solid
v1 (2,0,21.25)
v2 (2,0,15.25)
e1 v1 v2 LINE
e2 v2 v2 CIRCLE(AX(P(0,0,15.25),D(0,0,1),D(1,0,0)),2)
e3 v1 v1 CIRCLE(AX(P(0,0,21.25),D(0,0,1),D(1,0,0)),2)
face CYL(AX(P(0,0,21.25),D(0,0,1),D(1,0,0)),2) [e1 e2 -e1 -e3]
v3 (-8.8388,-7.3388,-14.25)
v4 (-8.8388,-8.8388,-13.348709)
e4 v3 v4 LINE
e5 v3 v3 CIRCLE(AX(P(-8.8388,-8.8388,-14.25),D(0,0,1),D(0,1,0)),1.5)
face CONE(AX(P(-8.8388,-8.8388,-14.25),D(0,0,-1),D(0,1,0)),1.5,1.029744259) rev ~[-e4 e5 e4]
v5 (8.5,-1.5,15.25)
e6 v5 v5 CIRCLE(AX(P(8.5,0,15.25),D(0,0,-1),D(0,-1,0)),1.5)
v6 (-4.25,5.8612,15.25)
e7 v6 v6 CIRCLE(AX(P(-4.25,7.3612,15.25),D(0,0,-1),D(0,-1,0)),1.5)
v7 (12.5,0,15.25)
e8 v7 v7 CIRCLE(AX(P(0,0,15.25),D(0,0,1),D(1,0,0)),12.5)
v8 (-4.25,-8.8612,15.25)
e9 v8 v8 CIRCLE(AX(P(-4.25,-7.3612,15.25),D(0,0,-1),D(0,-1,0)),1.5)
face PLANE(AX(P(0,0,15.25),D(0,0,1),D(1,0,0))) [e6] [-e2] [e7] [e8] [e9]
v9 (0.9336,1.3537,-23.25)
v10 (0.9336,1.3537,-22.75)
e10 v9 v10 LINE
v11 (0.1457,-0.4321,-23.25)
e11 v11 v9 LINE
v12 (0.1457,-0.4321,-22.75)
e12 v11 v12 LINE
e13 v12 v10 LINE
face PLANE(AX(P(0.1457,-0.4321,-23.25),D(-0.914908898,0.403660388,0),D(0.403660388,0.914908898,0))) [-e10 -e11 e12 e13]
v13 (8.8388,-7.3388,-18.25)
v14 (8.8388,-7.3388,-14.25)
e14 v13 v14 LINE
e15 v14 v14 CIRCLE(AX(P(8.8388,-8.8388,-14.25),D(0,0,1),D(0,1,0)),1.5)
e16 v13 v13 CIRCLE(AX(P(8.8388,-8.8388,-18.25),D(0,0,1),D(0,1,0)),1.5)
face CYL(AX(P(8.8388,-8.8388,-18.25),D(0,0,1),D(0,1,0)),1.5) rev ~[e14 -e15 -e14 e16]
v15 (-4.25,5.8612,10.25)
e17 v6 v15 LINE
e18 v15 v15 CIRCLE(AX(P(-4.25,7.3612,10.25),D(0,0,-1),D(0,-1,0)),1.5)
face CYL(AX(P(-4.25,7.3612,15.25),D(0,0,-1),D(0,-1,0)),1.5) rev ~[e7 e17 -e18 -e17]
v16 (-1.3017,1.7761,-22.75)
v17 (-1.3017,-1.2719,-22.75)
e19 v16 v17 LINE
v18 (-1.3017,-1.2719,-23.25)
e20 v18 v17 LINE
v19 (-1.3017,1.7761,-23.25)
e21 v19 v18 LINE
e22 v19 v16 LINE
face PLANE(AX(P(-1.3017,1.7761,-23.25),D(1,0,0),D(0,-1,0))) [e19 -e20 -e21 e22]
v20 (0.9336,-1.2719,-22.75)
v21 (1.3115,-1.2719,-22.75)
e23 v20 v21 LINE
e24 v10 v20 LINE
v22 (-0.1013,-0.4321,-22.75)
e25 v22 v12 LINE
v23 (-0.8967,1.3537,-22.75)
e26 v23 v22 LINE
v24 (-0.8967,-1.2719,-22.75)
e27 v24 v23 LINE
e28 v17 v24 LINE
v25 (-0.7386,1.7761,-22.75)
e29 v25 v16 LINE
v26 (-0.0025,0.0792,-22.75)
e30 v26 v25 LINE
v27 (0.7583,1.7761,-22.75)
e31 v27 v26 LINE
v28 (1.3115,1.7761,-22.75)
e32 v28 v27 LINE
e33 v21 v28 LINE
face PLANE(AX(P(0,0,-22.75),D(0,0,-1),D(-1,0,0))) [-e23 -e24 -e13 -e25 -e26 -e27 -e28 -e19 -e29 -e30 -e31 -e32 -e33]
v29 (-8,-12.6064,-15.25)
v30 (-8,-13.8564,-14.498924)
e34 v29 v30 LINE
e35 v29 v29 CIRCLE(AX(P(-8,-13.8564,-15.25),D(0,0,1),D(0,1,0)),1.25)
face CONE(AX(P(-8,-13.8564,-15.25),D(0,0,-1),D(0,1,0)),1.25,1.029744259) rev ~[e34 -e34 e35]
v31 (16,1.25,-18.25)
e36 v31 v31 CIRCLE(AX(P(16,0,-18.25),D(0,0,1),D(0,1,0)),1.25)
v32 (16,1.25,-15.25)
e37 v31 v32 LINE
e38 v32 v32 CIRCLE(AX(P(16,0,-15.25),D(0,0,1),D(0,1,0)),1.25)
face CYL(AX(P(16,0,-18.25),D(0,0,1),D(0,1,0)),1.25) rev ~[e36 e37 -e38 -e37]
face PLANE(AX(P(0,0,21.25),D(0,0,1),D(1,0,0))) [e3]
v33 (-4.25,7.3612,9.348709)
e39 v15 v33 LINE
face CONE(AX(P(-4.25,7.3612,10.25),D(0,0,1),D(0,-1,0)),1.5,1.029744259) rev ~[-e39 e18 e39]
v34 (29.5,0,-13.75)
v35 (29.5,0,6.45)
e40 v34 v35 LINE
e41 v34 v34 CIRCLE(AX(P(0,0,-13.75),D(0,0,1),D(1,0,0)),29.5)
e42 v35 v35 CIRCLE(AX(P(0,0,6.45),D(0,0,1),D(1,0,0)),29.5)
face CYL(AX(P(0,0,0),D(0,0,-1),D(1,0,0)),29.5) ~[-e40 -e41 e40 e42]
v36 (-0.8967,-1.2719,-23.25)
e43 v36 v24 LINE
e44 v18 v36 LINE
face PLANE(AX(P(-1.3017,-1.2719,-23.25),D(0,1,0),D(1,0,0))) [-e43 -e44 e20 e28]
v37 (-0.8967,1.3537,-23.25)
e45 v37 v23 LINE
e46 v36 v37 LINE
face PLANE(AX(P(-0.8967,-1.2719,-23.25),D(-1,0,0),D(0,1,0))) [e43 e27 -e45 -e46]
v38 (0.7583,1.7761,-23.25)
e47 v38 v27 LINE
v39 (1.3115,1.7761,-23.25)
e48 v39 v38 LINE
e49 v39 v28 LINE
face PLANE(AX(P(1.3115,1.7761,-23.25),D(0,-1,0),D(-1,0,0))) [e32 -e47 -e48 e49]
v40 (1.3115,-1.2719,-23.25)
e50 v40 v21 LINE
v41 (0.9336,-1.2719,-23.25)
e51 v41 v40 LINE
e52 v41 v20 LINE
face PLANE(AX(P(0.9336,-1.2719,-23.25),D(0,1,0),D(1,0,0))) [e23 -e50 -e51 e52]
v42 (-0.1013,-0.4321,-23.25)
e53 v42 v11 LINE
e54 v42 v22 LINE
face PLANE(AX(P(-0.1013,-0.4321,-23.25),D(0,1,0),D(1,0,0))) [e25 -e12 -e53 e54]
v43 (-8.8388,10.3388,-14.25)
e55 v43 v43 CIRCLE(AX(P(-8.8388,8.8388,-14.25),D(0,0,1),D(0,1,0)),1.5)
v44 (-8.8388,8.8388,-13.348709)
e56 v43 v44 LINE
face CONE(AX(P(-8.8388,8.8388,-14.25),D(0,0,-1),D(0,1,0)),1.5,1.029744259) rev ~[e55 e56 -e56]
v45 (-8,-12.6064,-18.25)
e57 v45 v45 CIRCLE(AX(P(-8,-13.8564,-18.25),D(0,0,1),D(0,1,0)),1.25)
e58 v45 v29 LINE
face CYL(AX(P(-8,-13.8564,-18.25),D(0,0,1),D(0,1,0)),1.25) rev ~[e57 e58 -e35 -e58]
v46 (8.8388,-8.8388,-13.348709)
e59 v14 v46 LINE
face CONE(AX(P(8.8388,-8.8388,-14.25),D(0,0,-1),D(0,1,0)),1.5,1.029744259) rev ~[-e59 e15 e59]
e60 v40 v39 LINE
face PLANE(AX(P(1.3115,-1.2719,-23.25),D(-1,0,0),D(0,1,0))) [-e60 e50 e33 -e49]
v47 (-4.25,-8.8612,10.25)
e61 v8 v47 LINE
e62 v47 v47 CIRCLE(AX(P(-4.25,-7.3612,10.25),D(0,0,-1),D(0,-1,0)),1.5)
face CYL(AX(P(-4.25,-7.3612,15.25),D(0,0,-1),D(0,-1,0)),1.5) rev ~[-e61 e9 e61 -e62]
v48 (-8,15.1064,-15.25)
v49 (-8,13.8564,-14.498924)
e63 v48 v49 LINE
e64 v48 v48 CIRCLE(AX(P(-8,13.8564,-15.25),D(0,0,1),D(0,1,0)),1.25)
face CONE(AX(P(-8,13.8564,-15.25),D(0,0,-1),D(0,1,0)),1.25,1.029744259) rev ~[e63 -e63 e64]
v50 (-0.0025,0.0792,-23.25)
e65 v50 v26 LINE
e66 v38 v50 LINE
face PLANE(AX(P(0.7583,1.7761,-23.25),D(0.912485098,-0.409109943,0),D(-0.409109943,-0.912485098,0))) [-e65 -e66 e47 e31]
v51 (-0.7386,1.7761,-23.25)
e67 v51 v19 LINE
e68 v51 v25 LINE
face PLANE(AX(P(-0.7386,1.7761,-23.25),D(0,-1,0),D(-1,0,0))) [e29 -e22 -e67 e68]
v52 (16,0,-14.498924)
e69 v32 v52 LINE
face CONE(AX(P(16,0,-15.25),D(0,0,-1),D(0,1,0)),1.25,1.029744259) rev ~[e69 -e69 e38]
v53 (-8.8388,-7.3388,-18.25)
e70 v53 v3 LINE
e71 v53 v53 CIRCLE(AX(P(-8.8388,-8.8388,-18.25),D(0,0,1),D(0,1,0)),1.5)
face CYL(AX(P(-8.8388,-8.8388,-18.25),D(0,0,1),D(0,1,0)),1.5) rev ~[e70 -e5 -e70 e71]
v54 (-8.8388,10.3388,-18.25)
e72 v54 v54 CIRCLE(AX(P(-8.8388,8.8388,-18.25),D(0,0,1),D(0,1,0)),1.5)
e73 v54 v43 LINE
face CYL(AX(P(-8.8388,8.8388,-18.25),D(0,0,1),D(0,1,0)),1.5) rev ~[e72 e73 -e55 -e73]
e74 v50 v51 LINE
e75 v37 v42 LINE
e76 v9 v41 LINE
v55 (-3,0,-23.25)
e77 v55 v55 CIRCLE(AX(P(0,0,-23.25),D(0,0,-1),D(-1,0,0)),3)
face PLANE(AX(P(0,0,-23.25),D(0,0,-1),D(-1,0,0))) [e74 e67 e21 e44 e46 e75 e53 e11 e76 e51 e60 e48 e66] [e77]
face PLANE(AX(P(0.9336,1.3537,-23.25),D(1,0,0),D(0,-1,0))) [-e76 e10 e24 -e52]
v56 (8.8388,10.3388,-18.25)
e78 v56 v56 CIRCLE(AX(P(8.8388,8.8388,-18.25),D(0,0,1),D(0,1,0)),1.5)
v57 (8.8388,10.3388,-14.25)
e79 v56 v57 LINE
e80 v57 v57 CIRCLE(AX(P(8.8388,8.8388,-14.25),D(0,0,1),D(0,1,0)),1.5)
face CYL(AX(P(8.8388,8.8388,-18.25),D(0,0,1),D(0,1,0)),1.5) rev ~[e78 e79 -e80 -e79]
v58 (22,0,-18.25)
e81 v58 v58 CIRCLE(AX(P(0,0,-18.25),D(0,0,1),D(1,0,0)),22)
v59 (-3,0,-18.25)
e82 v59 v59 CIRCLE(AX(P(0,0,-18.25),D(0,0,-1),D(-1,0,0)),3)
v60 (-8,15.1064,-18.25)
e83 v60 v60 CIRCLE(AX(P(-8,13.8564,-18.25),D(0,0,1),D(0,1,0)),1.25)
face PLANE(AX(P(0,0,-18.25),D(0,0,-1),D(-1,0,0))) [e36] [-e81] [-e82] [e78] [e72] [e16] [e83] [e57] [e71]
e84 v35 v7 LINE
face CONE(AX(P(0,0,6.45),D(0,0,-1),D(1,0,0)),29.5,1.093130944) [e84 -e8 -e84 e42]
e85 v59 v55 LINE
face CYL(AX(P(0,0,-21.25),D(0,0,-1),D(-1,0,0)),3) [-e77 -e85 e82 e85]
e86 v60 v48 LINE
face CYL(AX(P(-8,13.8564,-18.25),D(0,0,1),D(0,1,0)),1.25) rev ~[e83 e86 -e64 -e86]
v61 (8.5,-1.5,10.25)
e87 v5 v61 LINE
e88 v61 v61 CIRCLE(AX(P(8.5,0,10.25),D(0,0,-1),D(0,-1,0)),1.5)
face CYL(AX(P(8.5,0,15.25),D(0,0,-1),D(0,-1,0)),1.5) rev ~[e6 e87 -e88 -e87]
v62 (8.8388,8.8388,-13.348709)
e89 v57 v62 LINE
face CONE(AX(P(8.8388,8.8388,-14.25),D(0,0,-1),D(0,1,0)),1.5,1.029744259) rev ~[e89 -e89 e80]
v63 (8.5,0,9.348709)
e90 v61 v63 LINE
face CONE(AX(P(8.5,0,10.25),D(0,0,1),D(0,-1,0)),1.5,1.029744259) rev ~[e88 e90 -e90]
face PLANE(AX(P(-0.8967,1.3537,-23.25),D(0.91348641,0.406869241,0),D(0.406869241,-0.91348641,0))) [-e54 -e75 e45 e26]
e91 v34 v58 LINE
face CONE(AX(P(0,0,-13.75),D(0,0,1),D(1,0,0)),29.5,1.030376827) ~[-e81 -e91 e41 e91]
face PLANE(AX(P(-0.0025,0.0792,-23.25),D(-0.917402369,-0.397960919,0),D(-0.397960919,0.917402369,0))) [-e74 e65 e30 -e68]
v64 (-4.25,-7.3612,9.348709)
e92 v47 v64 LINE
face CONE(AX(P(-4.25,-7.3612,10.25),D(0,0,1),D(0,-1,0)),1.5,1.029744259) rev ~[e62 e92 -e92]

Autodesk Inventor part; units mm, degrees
ref_plane "YZ Plane" through (0, 0, 0) normal (1, 0, 0) x (0, 1, 0)
ref_plane "XZ Plane" through (0, 0, 0) normal (0, 1, 0) x (-1, 0, 0)
ref_plane "XY Plane" through (0, 0, 0) normal (0, 0, 1) x (1, 0, 0)
sketch "Sketch1" plane through (0, 0, 0) normal (0, 0, 1) x (1, 0, 0)
  circle A0 centre (0, 0) radius 29.5
  circle A1 centre (0, 0) radius 16 construction
  circle A2 centre (0, 0) radius 12.5 construction
  circle A3 centre (0, 0) radius 8.5
  line L0 (0, 0) -> (17.0589, 17.0589) construction
  line L1 (-45.7937, 0) -> (68.262, 0) projected
  line L2 (0, 0) -> (-17.0589, 17.0589) construction
  line L3 (0, 0) -> (-17.0589, -17.0589) construction
  line L4 (0, 0) -> (17.0589, -17.0589) construction
  line L5 (0, 0) -> (51.9684, 0) construction
  line L6 (0, 0) -> (-25.9842, 45.0059) construction
  line L7 (0, 0) -> (-25.9842, -45.0059) construction
  circle A4 centre (0, 0) radius 3 construction
  circle A5 centre (0, 0) radius 2 construction
  point P0 (8.5, 0)
  point P1 (-4.25, 7.3612)
  point P2 (-4.25, -7.3612)
  point P3 (8.8388, 8.8388)
  point P4 (-8.8388, -8.8388)
  point P5 (-8.8388, 8.8388)
  point P6 (8.8388, -8.8388)
  point P7 (16, 0)
  point P8 (-8, -13.8564)
  point P9 (-8, 13.8564)
  dimension "d0" = 59
  dimension "d1" = 32
  dimension "d2" = 25
  dimension "d3" = 17
  dimension "d4" = 45
  dimension "d8" = 360
  dimension "d12" = 360
  dimension "d14" = 6
  dimension "d15" = 4
sketch "Sketch2" plane through (0, 0, 0) normal (0, 0, 1) x (1, 0, 0)
  circle A0 centre (0, 0) radius 29.5 projected
extrude "Extrusion1" add sketch "Sketch2" along normal mid plane 42.5
sketch "Sketch3" plane through (0, 0, 21.25) normal (0, 0, 1) x (1, 0, 0)
  circle A0 centre (0, 0) radius 2 projected
  circle A1 centre (0, 0) radius 29.5 projected
extrude "Extrusion2" cut sketch "Sketch3" against normal blind 6
sketch "Sketch4" plane through (0, 0, -21.25) normal (0, 0, -1) x (-1, 0, 0)
  circle A0 centre (0, 0) radius 3 projected
  circle A1 centre (0, 0) radius 29.5 projected
extrude "Extrusion3" cut sketch "Sketch4" against normal blind 3
sketch "Sketch5" plane through (0, 0, 15.25) normal (0, 0, 1) x (1, 0, 0)
  circle A0 centre (0, 0) radius 8.5 projected
  circle A1 centre (0, 0) radius 12.5
  point P0 (-4.25, 7.3612)
  point P1 (8.5, 0)
  point P2 (-4.25, -7.3612)
  dimension "d29" = 25
hole "Hole1" at (-4.25, 7.3612, 15.25) at (8.5, 0, 15.25) at (-4.25, -7.3612, 15.25) direction (0, 0, -1) diameter 3 depth 5 tip angle 118
chamfer "Chamfer1" distance 8.8 distance2 17 1 edges at (-29.5, 0, 15.25) measured on face at (29.4043, -2.3738, -7.0833)
sketch "Sketch6" plane through (0, 0, -21.25) normal (0, 0, -1) x (-1, 0, 0)
  circle A0 centre (0, 0) radius 3 projected
extrude "Magnet" add sketch "Sketch6" along normal blind 2
chamfer "Chamfer2" distance 4.5 distance2 7.5 1 edges at (-29.5, 0, -18.25) measured on face at (29.118, -4.7321, -10.0167)
sketch "Sketch7" plane through (0, 0, -18.25) normal (0, 0, -1) x (-1, 0, 0)
  circle A0 centre (0, 0) radius 8.5 projected
  circle A1 centre (0, 0) radius 12.5 projected
  point P0 (8.8388, 8.8388)
  point P1 (-8.8388, 8.8388)
  point P2 (-8.8388, -8.8388)
  point P3 (8.8388, -8.8388)
  point P4 (8, 13.8564)
  point P5 (8, -13.8564)
  point P6 (-16, 0)
hole "Hole2" at (8.8388, 8.8388, -18.25) at (-8.8388, 8.8388, -18.25) at (-8.8388, -8.8388, -18.25) at (8.8388, -8.8388, -18.25) direction (0, 0, 1) diameter 3 depth 4 tip angle 118
hole "Hole3" at (-8, 13.8564, -18.25) at (16, 0, -18.25) at (-8, -13.8564, -18.25) direction (0, 0, 1) diameter 2.5 depth 3 tip angle 118
sketch "Sketch8" plane through (0, 0, -23.25) normal (0, 0, -1) x (-1, 0, 0)
  line L0 (-1.6203, 1.7761) -> (1.6105, 1.7761) construction
  line L1 (1.6105, 1.7761) -> (1.6105, -1.2719) construction
  line L2 (1.6105, -1.2719) -> (-1.6203, -1.2719) construction
  line L3 (-1.6203, -1.2719) -> (-1.6203, 1.7761) construction
  line L4 (1.3017, -1.2719) -> (0.8967, -1.2719)
  line L5 (0.8967, -1.2719) -> (0.8967, 1.3537)
  line L6 (0.8967, 1.3537) -> (0.1013, -0.4321)
  line L7 (0.1013, -0.4321) -> (-0.1457, -0.4321)
  line L8 (-0.1457, -0.4321) -> (-0.9336, 1.3537)
  line L9 (-0.9336, 1.3537) -> (-0.9336, -1.2719)
  line L10 (-0.9336, -1.2719) -> (-1.3115, -1.2719)
  line L11 (-1.3115, -1.2719) -> (-1.3115, 1.7761)
  line L12 (-1.3115, 1.7761) -> (-0.7583, 1.7761)
  line L13 (-0.7583, 1.7761) -> (0.0025, 0.0792)
  line L14 (0.0025, 0.0792) -> (0.7386, 1.7761)
  line L15 (0.7386, 1.7761) -> (1.3017, 1.7761)
  line L16 (1.3017, 1.7761) -> (1.3017, -1.2719)
  point P0 (0, 0)
extrude "Extrusion5" cut sketch "Sketch8" against normal blind 0.5
sketch "Sketch9" plane through (0, 0, -18.25) normal (0, 0, -1) x (-1, 0, 0)
  circle A0 centre (-8.8388, 8.8388) radius 1.5 projected
  circle A1 centre (8.8388, 8.8388) radius 1.5 projected
  circle A2 centre (8.8388, -8.8388) radius 1.5 projected
  circle A3 centre (-8.8388, -8.8388) radius 1.5 projected
  circle A4 centre (0, 0) radius 3 projected
  circle A5 centre (0, 0) radius 29.5 projected
  circle A6 centre (-16, 0) radius 1.25 projected
  circle A7 centre (8, 13.8564) radius 1.25 projected
  circle A8 centre (8, -13.8564) radius 1.25 projected
equation "\"d22\" = M3"
equation "\"d27\" = D5_M3"
equation "\"d38\" = M3"
equation "\"M3\" = 3"
equation "\"D5_M3\" = 5"
properties part number "3phaseMotor"
